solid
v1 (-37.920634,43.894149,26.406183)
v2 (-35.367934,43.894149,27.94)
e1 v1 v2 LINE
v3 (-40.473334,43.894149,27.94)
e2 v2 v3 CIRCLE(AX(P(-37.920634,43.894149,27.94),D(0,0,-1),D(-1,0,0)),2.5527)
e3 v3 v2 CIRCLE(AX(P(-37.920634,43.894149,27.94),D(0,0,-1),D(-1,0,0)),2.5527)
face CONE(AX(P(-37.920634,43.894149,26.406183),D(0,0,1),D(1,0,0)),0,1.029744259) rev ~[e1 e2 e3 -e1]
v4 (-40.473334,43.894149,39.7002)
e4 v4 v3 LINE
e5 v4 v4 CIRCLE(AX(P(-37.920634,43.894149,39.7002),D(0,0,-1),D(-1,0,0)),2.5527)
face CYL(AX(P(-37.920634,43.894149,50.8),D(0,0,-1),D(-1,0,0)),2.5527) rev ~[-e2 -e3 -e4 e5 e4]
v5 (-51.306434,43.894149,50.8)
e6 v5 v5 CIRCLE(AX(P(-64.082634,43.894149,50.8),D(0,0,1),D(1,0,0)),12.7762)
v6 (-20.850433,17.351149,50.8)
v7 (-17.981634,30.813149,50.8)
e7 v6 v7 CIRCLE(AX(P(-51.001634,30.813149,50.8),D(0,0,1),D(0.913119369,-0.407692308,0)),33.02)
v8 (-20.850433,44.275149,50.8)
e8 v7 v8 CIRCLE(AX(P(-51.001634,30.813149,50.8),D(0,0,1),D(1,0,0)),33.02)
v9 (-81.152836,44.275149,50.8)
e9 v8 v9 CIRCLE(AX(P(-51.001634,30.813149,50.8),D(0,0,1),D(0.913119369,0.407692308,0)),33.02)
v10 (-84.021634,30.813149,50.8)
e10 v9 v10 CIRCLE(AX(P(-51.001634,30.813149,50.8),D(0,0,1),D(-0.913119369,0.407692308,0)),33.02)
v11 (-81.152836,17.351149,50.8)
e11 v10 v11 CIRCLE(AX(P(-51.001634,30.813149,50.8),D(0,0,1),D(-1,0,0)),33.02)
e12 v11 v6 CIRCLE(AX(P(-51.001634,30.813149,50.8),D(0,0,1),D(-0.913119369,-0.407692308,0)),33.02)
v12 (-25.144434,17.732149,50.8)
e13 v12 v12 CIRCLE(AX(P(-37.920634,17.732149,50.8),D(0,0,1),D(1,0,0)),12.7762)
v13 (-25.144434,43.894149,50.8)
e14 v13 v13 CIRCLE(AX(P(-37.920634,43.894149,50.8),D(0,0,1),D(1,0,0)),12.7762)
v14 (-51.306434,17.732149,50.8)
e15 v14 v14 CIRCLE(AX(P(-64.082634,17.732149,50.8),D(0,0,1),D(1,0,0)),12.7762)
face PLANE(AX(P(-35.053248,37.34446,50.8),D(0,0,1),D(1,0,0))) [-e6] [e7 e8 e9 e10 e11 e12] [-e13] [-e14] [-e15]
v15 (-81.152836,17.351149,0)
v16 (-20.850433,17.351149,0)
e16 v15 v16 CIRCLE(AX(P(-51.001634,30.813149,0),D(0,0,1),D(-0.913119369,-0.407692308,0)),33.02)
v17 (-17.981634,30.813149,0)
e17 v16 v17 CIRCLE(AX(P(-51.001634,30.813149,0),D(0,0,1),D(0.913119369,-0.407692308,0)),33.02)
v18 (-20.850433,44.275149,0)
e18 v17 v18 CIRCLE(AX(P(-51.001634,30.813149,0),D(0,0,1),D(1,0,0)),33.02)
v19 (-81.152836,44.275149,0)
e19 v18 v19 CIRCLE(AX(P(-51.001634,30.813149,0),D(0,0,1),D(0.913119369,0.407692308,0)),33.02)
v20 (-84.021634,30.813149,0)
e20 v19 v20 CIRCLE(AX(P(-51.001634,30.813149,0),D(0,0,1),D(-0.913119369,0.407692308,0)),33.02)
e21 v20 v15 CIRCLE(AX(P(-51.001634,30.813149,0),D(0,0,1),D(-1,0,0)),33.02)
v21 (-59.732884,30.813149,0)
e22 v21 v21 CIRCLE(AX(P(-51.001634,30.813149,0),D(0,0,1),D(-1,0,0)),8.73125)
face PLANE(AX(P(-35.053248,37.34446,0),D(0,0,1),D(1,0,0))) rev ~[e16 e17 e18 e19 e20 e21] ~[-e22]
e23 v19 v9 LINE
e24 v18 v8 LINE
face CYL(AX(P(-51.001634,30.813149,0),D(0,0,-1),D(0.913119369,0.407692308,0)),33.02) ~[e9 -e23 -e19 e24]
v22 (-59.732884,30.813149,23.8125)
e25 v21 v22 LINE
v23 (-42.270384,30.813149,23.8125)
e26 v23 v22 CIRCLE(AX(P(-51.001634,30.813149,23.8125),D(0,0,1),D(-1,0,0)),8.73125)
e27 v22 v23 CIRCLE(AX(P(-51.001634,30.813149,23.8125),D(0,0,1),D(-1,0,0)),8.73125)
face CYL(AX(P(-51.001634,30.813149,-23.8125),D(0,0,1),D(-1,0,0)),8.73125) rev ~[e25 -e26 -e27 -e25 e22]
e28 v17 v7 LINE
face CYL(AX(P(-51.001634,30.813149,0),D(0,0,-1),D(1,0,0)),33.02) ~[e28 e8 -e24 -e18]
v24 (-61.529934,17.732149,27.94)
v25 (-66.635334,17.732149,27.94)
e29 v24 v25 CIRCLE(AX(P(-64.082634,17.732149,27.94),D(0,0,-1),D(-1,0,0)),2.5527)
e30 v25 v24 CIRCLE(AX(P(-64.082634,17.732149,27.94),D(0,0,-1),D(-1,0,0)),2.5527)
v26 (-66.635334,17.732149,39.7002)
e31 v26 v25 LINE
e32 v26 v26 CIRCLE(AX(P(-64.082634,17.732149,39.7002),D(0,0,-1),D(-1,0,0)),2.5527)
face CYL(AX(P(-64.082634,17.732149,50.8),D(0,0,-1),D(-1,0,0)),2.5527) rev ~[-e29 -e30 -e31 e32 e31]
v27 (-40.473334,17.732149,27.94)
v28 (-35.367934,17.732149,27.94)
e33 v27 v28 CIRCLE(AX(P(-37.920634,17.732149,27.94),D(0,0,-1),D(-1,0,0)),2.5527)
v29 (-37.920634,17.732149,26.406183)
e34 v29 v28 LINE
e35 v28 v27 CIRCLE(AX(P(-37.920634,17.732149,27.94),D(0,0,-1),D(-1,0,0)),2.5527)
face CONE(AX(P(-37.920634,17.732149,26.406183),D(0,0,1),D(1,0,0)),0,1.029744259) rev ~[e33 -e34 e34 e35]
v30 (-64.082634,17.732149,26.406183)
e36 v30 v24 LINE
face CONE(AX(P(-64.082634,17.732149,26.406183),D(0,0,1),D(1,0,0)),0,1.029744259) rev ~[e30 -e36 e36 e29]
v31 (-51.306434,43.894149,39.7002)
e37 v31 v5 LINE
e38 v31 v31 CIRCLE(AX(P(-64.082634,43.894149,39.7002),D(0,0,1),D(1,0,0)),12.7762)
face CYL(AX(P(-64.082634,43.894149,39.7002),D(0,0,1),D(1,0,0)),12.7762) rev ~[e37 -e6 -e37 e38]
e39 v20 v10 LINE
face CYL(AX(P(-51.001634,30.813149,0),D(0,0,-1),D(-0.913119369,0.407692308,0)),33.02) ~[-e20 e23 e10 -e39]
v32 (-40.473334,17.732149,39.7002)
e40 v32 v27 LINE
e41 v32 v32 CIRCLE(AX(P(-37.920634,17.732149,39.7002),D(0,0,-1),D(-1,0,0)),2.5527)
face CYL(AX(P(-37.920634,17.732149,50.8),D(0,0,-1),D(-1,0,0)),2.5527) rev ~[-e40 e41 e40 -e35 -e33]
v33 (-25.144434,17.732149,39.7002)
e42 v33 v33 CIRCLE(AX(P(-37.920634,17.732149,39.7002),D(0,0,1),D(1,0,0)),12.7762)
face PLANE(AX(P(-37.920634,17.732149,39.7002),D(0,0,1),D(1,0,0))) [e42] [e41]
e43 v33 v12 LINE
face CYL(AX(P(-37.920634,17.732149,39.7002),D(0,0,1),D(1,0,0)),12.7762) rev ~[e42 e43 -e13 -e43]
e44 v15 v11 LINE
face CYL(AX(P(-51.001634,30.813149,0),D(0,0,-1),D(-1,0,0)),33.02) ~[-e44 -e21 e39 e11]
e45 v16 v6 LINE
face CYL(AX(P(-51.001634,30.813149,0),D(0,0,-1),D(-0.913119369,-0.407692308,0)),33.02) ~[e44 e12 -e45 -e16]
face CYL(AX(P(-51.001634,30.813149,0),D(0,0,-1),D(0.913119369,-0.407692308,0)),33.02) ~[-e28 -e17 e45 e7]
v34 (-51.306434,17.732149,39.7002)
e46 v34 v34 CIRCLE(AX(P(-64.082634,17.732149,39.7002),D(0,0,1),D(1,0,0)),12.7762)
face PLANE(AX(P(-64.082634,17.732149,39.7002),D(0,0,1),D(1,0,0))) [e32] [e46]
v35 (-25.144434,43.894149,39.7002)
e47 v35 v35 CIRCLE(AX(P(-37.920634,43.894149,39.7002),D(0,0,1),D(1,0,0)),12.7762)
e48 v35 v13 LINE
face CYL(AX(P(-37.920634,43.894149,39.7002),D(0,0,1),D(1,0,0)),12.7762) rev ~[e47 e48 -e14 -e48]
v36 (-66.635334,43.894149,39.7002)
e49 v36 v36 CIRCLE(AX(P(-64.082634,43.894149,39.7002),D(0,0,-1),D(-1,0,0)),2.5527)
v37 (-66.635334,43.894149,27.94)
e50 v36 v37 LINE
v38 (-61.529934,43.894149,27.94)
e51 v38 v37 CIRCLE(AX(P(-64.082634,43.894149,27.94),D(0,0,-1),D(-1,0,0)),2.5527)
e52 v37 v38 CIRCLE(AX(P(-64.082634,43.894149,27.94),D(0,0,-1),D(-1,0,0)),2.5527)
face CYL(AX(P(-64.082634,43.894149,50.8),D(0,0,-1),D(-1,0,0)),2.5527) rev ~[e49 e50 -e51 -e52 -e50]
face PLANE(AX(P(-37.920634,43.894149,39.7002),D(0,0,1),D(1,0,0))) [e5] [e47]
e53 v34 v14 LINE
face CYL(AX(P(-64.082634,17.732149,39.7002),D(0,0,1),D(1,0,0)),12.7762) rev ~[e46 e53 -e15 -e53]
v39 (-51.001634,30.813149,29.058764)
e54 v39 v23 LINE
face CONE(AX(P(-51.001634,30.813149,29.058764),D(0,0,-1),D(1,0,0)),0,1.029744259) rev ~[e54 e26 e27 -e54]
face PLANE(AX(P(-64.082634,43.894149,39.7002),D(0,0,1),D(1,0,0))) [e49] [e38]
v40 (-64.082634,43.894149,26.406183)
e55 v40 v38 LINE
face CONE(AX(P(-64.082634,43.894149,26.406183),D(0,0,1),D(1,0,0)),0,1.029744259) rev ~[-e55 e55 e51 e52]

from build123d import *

# Parameters (mm, degrees)
F0_W           = 13.462
F0_H           = 13.462
F1_DEPTH       = 50.8
F5_D           = 5.1054
F5_DEPTH       = 22.86
F5_CBORE_D     = 25.5524
F5_CBORE_DEPTH = 11.0998
F5_TIP         = 1.5338169022
F6_D           = 17.4625
F6_DEPTH       = 23.8125
F6_TIP         = 5.2462642799


with BuildPart() as f1:
    # F0 (on Top) → F1 (new body)
    with BuildSketch(Plane.XY):
        with BuildLine():
            Line((-37.5396344488, 30.8131494279), (-17.9816344488, 30.8131494279))
            ThreePointArc((-17.9816344488, 30.8131494279), (-18.7067968135, 37.6952902366), (-20.8504328807, 44.2751494279))
            Line((-20.8504328807, 44.2751494279), (-51.0016344488, 44.2751494279))
            Line((-51.0016344488, 44.2751494279), (-51.0016344488, 30.8131494279))
            Line((-51.0016344488, 30.8131494279), (-37.5396344488, 30.8131494279))
        make_face()
        with BuildLine():
            Line((-51.0016344488, 44.2751494279), (-20.8504328807, 44.2751494279))
            ThreePointArc((-20.8504328807, 44.2751494279), (-51.0016344488, 63.8331494279), (-81.1528360169, 44.2751494279))
            Line((-81.1528360169, 44.2751494279), (-51.0016344488, 44.2751494279))
        make_face()
        with BuildLine():
            Line((-51.0016344488, 44.2751494279), (-81.1528360169, 44.2751494279))
            ThreePointArc((-81.1528360169, 44.2751494279), (-83.296472084, 37.6952902366), (-84.0216344488, 30.8131494279))
            Line((-84.0216344488, 30.8131494279), (-64.4636344488, 30.8131494279))
            Line((-64.4636344488, 30.8131494279), (-51.0016344488, 30.8131494279))
            Line((-51.0016344488, 30.8131494279), (-51.0016344488, 44.2751494279))
        make_face()
        with BuildLine():
            ThreePointArc((-84.0216344488, 30.8131494279), (-83.296472084, 23.9310086192), (-81.1528360169, 17.3511494279))
            Line((-81.1528360169, 17.3511494279), (-64.4636344488, 17.3511494279))
            Line((-64.4636344488, 17.3511494279), (-64.4636344488, 30.8131494279))
            Line((-64.4636344488, 30.8131494279), (-84.0216344488, 30.8131494279))
        make_face()
        with BuildLine():
            ThreePointArc((-81.1528360169, 17.3511494279), (-51.0016344488, -2.2068505721), (-20.8504328807, 17.3511494279))
            Line((-20.8504328807, 17.3511494279), (-37.5396344488, 17.3511494279))
            Line((-37.5396344488, 17.3511494279), (-51.0016344488, 17.3511494279))
            Line((-51.0016344488, 17.3511494279), (-64.4636344488, 17.3511494279))
            Line((-64.4636344488, 17.3511494279), (-81.1528360169, 17.3511494279))
        make_face()
        with BuildLine():
            ThreePointArc((-20.8504328807, 17.3511494279), (-18.7067968135, 23.9310086192), (-17.9816344488, 30.8131494279))
            Line((-17.9816344488, 30.8131494279), (-37.5396344488, 30.8131494279))
            Line((-37.5396344488, 30.8131494279), (-37.5396344488, 17.3511494279))
            Line((-37.5396344488, 17.3511494279), (-20.8504328807, 17.3511494279))
        make_face()
        with Locations((-57.7326344488, 24.0821494279)):
            Rectangle(F0_W, F0_H)
        with Locations((-44.2706344488, 24.0821494279)):
            Rectangle(F0_W, F0_H)
    extrude(amount=F1_DEPTH)

    # F5
    with Locations(Plane.XY.offset(50.8)):
        with Locations((-64.0826344488, 43.8941494279), (-37.9206344488, 43.8941494279), (-37.9206344488, 17.7321494279), (-64.0826344488, 17.7321494279)):
            CounterBoreHole(F5_D / 2, F5_CBORE_D / 2, F5_CBORE_DEPTH, depth=F5_DEPTH)
            with Locations((0, 0, -(F5_DEPTH + F5_TIP / 2))):  # 118° drill point
                Cone(0, F5_D / 2, F5_TIP, mode=Mode.SUBTRACT)

    # F6
    with Locations(Plane(origin=(0, 0, 0), x_dir=(1, 0, 0), z_dir=(0, 0, -1))):
        with Locations((-51.0016344488, -30.8131494279)):
            Hole(F6_D / 2, depth=F6_DEPTH)
            with Locations((0, 0, -(F6_DEPTH + F6_TIP / 2))):  # 118° drill point
                Cone(0, F6_D / 2, F6_TIP, mode=Mode.SUBTRACT)


solid = f1.part
